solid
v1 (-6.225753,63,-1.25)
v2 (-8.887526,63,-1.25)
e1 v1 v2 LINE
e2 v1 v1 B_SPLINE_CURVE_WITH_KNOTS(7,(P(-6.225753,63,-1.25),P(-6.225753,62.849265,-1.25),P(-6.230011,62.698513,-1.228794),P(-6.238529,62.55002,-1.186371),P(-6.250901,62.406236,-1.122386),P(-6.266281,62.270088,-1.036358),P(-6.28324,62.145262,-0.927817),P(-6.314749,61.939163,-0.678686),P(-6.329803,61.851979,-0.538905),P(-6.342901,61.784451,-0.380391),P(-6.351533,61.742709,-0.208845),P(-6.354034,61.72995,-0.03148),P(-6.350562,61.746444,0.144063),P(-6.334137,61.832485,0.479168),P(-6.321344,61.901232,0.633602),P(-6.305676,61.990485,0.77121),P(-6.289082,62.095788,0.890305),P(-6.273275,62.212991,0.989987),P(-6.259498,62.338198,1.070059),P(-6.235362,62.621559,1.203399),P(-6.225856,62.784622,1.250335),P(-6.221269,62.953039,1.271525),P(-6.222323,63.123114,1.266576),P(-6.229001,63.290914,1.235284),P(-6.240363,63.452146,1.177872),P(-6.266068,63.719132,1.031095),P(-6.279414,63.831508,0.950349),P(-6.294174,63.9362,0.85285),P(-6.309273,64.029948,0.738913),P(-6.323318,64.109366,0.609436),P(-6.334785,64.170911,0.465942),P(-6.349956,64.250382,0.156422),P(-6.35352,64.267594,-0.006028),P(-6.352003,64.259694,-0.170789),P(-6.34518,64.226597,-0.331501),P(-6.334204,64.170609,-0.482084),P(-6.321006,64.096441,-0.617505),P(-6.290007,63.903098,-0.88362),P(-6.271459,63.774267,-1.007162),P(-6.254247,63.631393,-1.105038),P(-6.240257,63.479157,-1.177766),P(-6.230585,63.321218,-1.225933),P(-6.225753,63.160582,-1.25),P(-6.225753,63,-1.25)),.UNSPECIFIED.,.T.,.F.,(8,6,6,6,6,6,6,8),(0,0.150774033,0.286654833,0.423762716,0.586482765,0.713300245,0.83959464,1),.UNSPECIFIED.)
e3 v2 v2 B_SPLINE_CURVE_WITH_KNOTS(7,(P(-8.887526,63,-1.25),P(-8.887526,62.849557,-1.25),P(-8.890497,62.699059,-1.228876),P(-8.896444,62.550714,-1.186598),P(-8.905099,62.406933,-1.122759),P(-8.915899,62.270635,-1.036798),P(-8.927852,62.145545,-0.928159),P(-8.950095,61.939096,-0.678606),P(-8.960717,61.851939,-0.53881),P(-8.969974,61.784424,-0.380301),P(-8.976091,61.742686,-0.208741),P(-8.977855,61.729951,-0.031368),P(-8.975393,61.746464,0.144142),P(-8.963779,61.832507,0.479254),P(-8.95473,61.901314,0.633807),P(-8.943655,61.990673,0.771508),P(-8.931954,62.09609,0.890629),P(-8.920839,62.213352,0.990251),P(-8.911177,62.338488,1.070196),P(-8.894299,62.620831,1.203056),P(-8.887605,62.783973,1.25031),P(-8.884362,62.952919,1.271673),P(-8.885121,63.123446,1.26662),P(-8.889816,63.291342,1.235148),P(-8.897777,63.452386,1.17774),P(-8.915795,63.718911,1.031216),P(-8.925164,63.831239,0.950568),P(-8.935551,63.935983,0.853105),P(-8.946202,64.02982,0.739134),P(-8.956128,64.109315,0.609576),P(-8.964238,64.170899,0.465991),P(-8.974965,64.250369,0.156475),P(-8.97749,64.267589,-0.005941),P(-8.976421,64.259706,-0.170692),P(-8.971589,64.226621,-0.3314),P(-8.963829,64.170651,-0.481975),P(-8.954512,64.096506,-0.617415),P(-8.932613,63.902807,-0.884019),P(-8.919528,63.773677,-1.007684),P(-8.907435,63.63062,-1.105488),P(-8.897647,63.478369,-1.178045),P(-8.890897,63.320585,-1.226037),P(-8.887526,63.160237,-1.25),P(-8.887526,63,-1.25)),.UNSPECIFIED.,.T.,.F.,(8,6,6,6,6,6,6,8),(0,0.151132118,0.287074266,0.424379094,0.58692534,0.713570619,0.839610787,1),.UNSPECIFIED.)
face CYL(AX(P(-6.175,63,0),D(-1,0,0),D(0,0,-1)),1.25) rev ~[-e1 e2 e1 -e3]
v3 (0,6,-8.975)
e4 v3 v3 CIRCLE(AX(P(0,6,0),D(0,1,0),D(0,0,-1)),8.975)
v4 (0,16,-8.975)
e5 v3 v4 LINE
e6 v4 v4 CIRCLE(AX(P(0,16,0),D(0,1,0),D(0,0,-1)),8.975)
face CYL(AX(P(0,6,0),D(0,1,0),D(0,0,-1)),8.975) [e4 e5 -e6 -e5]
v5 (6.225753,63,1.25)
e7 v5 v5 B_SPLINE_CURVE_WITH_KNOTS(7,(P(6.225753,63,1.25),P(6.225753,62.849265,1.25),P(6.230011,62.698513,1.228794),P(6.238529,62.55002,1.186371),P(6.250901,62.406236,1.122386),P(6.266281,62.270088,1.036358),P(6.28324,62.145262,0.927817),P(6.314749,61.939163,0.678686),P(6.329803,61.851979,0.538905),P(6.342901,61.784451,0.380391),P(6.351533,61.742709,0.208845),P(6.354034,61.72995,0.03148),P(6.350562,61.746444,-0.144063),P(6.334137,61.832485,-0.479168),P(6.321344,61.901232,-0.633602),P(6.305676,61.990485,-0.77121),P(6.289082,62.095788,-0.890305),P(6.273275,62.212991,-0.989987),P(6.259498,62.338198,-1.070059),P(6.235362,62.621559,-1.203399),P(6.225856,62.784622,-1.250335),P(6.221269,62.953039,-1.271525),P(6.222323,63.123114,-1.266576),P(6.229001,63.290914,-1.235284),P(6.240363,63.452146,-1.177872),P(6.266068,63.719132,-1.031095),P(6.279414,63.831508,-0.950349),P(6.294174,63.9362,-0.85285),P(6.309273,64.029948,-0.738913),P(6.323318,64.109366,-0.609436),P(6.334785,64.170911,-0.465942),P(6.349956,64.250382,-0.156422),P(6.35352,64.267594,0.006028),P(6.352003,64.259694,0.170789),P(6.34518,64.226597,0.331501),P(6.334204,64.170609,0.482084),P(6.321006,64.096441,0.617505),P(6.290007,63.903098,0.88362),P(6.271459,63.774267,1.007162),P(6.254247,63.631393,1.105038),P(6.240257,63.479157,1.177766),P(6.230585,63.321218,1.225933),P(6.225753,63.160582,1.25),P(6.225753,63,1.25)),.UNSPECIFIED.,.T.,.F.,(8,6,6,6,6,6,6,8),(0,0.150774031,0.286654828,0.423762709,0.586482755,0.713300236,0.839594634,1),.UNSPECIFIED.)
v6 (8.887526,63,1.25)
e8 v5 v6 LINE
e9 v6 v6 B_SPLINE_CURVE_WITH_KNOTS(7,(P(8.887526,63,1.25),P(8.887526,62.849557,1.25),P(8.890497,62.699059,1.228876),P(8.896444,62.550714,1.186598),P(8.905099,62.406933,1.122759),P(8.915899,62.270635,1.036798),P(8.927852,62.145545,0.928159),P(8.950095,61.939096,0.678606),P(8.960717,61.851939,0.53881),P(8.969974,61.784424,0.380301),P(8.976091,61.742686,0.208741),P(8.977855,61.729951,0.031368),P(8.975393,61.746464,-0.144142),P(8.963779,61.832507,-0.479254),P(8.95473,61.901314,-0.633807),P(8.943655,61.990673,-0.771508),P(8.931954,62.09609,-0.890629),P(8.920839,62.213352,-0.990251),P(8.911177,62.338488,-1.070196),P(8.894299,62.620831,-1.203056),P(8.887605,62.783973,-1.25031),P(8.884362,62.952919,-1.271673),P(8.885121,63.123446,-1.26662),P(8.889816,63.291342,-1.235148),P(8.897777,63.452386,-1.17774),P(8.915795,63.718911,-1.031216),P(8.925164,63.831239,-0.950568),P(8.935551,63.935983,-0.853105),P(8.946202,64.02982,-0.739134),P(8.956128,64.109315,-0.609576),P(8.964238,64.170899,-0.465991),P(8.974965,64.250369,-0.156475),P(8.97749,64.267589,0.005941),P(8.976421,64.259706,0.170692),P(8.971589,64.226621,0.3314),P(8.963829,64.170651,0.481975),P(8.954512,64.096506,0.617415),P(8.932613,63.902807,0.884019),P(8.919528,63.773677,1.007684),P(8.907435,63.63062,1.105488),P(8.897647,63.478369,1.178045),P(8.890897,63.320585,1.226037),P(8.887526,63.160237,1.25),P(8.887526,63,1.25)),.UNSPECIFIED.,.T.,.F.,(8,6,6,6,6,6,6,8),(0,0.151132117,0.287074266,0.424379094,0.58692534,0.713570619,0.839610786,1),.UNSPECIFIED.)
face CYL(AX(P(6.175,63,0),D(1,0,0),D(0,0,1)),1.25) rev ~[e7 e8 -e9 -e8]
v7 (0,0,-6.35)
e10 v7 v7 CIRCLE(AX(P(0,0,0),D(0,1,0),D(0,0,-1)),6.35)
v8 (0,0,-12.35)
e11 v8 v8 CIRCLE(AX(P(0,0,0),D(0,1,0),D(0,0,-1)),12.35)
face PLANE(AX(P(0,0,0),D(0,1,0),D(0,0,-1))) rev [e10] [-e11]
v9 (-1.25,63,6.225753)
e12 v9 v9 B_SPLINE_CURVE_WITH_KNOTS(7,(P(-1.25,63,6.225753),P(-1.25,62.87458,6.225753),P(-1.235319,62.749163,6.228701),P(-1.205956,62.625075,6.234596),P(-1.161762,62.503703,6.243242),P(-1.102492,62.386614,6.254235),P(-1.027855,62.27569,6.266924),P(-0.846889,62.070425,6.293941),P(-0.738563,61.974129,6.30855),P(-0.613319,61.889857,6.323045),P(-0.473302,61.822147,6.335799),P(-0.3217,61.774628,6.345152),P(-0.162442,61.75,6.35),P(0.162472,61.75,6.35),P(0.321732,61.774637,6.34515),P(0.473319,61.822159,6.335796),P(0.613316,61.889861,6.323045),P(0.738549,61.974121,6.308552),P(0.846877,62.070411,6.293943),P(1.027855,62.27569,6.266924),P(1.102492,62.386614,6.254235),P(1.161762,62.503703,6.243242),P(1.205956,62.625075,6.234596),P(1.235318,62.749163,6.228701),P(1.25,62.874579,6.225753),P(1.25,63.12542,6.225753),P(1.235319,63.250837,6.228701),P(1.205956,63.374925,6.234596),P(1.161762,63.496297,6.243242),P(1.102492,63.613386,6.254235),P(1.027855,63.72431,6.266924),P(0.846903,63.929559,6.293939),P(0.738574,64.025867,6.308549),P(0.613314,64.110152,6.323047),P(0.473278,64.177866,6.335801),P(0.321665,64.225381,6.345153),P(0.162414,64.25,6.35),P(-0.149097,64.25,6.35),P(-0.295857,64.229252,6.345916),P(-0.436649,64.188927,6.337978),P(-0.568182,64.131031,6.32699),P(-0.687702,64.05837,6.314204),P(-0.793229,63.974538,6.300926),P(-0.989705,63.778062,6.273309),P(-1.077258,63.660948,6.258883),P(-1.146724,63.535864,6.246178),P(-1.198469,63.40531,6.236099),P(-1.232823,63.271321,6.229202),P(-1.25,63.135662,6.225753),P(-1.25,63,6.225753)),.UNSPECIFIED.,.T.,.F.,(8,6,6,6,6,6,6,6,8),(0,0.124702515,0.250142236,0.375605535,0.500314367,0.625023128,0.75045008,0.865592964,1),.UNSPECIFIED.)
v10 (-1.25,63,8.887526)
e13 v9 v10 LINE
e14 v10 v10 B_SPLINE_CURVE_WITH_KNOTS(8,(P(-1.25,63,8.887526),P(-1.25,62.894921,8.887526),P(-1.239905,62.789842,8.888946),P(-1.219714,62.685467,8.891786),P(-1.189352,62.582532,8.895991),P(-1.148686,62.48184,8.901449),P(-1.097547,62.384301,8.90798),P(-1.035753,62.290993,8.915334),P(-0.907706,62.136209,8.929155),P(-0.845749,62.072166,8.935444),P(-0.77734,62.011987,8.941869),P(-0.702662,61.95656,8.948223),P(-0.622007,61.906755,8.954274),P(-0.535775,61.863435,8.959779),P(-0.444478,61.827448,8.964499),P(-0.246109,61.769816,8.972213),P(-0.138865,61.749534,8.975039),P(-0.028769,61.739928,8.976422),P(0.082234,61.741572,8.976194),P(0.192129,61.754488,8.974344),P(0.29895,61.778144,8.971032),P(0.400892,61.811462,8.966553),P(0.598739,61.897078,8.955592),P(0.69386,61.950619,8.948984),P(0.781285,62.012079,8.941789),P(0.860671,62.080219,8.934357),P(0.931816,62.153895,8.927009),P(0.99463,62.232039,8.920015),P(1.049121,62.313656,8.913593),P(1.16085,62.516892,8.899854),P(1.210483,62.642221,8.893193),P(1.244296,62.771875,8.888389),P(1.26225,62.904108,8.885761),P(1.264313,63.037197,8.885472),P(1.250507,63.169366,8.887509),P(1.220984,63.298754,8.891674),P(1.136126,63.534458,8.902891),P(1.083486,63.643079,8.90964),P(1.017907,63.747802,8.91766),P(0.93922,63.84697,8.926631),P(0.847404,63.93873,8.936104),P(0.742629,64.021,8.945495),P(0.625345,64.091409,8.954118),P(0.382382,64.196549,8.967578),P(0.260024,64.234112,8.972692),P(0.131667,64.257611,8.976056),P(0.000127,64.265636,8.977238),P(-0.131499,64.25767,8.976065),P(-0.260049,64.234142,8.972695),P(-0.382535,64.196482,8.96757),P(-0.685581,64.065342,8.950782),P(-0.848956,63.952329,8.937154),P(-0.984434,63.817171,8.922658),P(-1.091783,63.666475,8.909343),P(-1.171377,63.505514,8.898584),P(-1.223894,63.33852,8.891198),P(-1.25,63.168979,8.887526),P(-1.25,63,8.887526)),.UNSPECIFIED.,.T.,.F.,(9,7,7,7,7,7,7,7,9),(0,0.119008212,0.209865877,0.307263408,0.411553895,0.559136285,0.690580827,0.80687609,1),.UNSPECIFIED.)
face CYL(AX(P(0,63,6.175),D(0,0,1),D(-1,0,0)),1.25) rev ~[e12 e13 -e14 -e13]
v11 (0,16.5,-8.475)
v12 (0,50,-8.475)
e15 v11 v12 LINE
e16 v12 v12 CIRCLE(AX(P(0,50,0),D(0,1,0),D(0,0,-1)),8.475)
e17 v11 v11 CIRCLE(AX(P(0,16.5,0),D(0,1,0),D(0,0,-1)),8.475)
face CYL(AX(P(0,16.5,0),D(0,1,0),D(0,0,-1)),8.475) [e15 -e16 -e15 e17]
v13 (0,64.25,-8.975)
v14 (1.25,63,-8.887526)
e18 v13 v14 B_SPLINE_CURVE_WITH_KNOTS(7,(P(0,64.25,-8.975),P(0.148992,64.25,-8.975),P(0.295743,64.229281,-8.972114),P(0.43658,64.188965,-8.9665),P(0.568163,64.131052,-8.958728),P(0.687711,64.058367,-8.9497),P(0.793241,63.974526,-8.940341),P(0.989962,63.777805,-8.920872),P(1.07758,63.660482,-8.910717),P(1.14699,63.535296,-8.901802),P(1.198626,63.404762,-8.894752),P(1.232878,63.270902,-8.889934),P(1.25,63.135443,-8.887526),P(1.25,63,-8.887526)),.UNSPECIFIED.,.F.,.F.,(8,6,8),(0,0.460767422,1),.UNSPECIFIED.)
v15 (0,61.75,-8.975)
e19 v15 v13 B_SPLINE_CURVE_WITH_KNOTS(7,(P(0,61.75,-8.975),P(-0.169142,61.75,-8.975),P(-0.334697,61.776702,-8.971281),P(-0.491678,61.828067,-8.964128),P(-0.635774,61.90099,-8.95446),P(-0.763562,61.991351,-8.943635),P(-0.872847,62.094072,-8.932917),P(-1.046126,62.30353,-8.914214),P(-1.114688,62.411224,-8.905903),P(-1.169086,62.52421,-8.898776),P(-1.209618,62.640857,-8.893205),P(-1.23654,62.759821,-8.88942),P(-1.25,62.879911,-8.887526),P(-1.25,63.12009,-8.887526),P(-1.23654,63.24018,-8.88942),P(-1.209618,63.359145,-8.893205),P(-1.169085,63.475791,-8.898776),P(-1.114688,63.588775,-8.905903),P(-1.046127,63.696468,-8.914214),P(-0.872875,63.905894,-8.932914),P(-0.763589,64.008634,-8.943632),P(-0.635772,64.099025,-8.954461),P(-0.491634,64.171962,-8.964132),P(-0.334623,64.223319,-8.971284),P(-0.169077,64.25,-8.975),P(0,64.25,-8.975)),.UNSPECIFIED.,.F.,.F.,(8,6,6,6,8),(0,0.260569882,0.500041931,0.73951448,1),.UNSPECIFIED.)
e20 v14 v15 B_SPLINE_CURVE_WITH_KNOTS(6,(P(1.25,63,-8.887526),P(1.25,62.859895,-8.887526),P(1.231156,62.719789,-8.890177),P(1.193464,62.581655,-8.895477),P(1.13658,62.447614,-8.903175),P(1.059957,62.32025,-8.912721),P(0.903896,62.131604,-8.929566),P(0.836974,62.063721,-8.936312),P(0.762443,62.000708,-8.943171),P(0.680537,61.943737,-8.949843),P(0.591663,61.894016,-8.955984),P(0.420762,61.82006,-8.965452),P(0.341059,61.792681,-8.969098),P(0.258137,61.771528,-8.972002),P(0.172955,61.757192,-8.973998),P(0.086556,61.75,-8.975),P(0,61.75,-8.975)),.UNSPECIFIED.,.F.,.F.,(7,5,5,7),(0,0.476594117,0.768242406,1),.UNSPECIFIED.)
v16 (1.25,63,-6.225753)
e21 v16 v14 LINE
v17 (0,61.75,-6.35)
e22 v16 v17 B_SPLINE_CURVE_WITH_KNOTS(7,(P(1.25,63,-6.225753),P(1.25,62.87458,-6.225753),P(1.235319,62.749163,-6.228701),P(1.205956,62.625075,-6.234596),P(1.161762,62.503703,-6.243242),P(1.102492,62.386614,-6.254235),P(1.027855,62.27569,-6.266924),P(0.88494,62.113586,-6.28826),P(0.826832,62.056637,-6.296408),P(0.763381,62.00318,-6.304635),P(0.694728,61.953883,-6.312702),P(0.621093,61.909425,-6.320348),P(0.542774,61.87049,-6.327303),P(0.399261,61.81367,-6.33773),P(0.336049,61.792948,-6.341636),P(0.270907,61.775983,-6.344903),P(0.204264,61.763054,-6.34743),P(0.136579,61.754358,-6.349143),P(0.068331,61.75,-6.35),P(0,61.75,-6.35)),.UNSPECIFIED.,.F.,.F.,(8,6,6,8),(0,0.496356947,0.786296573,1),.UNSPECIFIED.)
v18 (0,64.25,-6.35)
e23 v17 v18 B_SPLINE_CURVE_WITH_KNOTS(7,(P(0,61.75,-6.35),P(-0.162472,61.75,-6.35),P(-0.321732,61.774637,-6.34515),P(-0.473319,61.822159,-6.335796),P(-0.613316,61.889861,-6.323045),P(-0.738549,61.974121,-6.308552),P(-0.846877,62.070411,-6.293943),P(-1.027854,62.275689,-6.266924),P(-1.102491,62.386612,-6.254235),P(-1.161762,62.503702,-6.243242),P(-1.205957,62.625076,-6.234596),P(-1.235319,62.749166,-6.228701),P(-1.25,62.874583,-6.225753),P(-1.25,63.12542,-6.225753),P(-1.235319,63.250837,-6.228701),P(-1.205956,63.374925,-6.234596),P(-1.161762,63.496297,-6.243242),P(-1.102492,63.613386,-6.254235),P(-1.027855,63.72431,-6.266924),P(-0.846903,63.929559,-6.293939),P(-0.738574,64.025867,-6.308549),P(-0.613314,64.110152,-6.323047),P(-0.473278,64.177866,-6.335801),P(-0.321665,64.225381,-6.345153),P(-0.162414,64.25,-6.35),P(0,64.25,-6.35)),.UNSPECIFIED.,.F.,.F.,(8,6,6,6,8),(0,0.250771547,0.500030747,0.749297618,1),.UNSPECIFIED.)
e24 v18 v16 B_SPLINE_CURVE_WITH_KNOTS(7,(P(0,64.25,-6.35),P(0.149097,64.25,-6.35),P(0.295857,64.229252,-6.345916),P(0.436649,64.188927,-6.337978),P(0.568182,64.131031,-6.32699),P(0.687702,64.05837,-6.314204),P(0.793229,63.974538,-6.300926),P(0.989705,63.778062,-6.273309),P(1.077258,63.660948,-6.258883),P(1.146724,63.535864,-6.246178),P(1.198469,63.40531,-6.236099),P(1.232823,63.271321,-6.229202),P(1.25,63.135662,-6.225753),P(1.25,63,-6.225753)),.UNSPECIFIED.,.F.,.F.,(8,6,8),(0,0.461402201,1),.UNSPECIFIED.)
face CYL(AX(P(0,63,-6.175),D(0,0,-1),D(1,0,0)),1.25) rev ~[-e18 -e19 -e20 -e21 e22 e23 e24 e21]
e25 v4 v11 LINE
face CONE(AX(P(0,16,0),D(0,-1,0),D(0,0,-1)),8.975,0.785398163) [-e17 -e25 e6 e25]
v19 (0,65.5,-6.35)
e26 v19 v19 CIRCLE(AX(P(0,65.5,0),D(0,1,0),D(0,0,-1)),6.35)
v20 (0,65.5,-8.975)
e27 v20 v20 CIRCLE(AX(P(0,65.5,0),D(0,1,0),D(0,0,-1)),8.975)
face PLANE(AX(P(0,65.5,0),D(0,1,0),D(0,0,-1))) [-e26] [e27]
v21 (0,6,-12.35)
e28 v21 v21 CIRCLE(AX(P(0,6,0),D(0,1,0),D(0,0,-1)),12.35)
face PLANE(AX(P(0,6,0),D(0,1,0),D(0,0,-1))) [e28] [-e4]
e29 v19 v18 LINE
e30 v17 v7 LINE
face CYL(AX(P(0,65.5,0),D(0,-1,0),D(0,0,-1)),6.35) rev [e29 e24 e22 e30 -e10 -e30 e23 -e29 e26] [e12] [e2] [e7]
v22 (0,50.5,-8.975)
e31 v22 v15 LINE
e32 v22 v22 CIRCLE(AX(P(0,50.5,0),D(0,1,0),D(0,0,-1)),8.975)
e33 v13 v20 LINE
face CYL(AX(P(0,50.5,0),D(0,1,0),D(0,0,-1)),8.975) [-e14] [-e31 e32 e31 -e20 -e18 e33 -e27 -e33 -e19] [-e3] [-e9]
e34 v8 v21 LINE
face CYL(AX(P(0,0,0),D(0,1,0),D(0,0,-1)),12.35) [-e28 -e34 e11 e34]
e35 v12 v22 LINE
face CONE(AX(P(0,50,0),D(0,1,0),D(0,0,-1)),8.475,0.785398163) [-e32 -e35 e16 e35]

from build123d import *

# Parameters (mm, degrees)
SKETCH_6_W               = 1.25
SKETCH_6_H               = 12.35
PATTERN_CIRCULAR_1_COUNT = 4


with BuildPart() as part:
    # 草图1 → 旋转1 (revolve)
    with BuildSketch(Plane.XY, mode=Mode.PRIVATE) as revolve_1_sk:
        Polygon((6.35, 65.5), (6.35, 0), (12.35, 0), (12.35, 6), (8.975, 6), (8.975, 16), (8.475, 16.5), (8.475, 50), (8.975, 50.5), (8.975, 65.5), align=None)
    revolve(revolve_1_sk.sketch.rotate(Axis((0, 0, 0), (0, 1, 0)), 90), axis=Axis((0, 0, 0), (0, 1, 0)))

    # 草图6 → M3 螺纹孔1 (revolve, cut)
    with BuildSketch(Plane.ZX.offset(63)):
        with Locations((0.625, 6.175)):
            Rectangle(SKETCH_6_W, SKETCH_6_H)
    hole_wizard_m3_1 = revolve(axis=Axis((-6.35, 63, 0), (1, 0, 0)), mode=Mode.SUBTRACT)

    # 阵列(圆周)1: M3 螺纹孔1 ×4 about axis
    pattern_circular_1_axis = Axis((0, 65.5, 0), (0, -1, 0))
    for i in range(1, PATTERN_CIRCULAR_1_COUNT):
        add(hole_wizard_m3_1.rotate(pattern_circular_1_axis, i * 360 / PATTERN_CIRCULAR_1_COUNT), mode=Mode.SUBTRACT)


solid = part.part
